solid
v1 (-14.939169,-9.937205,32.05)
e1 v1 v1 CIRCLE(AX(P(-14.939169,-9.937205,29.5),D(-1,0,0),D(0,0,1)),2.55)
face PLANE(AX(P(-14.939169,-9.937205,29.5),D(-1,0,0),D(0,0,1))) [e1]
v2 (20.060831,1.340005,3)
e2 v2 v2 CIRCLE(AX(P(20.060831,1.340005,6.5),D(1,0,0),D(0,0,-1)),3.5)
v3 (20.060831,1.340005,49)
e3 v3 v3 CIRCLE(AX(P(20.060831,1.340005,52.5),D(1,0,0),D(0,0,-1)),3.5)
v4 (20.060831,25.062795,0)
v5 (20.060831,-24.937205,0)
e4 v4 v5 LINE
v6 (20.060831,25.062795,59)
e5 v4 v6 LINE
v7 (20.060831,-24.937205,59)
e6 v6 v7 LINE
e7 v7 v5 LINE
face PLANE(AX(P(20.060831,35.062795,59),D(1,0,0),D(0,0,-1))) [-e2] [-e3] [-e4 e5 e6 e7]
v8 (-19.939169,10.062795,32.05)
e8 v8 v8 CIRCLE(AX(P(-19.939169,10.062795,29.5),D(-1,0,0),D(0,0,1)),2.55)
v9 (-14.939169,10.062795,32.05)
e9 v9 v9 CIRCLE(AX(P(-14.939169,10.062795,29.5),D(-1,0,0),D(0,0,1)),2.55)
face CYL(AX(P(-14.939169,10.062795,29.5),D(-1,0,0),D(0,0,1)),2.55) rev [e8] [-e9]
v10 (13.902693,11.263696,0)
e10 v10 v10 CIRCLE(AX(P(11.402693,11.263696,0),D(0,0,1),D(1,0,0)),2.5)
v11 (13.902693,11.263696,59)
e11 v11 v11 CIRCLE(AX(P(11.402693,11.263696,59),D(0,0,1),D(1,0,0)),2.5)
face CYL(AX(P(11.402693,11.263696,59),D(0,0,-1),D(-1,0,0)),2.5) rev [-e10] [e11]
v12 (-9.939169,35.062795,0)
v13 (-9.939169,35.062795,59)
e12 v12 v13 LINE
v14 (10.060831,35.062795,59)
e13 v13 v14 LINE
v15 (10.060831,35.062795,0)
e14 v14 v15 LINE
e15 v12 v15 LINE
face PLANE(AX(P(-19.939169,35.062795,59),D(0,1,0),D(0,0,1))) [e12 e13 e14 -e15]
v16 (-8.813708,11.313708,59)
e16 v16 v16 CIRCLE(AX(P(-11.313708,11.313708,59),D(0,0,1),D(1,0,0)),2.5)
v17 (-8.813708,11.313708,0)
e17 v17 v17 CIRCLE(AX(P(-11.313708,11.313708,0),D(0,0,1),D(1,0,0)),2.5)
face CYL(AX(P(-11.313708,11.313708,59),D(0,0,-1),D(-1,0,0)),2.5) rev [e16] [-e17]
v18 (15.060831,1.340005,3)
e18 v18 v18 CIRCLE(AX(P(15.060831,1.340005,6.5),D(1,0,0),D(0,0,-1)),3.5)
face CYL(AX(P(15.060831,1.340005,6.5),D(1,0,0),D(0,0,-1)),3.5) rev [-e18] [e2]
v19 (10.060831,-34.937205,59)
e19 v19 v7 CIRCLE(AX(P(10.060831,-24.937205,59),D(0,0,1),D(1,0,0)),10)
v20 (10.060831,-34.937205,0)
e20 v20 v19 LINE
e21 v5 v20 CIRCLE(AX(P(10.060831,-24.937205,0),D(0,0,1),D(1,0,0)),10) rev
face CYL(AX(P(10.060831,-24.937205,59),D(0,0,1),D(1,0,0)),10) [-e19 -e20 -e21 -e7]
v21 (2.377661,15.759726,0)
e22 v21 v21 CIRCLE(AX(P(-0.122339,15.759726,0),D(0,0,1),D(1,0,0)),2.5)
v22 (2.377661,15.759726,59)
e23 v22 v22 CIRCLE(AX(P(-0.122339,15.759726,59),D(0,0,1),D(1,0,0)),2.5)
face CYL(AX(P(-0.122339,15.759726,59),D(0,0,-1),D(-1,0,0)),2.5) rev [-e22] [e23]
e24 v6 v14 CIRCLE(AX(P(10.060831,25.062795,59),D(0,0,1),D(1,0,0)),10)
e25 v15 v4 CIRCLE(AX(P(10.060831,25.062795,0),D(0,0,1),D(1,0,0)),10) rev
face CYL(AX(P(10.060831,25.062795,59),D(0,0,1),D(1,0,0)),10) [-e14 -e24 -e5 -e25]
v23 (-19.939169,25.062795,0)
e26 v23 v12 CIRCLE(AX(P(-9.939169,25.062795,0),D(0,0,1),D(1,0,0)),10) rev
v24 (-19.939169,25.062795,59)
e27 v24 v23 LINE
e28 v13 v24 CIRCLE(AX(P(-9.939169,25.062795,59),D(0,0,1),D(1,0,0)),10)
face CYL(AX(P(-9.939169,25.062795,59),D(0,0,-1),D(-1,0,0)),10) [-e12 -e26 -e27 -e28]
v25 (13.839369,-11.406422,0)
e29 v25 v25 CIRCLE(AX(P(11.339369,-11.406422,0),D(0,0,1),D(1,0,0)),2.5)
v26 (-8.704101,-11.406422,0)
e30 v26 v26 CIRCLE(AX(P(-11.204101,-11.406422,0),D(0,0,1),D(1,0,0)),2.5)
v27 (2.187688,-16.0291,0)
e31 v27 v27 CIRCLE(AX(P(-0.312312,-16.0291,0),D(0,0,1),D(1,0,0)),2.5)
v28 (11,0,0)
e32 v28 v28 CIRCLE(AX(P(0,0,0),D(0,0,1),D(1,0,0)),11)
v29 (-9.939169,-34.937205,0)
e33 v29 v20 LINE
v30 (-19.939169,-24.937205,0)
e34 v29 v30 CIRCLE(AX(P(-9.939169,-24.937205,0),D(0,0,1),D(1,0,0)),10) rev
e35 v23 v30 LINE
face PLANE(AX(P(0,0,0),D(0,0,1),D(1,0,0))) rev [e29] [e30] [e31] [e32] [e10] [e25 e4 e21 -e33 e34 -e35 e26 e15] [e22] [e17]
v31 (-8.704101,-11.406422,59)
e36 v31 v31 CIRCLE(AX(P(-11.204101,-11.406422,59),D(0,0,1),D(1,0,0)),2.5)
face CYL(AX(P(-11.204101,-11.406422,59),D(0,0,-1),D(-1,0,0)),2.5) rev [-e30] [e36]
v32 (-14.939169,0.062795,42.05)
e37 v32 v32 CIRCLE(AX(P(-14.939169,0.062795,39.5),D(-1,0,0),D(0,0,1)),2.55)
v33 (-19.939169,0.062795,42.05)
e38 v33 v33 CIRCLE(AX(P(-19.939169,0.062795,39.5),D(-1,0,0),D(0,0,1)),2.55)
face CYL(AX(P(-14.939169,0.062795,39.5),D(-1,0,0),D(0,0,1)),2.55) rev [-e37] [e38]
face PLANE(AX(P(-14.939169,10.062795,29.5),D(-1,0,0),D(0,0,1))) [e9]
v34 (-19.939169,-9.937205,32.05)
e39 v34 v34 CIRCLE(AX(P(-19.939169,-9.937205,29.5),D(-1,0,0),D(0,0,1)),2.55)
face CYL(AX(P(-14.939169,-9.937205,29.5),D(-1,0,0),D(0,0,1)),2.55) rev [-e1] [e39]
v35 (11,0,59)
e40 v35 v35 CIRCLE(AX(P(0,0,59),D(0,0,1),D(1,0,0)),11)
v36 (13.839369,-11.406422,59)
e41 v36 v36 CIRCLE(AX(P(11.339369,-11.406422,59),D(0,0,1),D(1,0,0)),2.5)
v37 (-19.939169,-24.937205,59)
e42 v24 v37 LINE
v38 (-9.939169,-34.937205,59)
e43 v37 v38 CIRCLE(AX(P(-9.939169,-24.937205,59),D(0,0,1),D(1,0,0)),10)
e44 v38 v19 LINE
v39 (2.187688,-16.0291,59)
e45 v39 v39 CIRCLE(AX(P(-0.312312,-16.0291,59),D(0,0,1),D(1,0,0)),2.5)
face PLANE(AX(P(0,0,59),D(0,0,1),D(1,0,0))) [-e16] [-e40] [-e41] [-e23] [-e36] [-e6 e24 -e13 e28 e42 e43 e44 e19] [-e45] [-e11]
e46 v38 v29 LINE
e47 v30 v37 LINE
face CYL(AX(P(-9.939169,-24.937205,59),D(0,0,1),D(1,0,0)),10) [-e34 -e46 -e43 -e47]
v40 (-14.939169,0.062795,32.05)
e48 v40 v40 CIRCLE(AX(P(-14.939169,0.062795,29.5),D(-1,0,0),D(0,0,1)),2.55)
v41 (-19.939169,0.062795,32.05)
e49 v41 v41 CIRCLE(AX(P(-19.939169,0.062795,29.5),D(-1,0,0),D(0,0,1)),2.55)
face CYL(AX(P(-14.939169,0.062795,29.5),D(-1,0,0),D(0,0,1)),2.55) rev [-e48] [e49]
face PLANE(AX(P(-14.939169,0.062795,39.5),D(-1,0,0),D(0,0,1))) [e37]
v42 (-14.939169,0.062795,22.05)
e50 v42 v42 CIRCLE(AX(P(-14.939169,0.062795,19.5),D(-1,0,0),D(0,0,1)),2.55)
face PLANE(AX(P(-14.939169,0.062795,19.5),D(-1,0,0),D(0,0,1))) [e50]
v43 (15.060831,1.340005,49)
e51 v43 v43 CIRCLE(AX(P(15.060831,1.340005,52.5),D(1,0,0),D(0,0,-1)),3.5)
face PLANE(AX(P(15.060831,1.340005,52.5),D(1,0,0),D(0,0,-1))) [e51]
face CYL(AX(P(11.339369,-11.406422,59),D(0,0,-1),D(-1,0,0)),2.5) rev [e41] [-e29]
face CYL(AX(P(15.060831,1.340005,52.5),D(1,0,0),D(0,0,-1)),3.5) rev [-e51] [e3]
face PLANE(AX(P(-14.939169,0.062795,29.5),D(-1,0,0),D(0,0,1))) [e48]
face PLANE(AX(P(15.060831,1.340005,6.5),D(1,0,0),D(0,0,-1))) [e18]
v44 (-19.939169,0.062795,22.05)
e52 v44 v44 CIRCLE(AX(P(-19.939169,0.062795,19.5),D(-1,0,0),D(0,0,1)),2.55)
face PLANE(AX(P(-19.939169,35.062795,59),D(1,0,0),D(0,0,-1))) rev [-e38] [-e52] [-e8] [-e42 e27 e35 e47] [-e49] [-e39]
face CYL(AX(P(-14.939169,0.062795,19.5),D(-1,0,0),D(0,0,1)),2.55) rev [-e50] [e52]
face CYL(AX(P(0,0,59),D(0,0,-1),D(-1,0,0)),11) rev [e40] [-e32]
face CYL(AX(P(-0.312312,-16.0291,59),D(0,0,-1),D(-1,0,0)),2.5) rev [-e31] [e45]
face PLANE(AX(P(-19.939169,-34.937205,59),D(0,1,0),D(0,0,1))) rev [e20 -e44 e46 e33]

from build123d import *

# Parameters (mm, degrees)
SKETCH1_W           = 40
SKETCH1_H           = 70
BOSS_EXTRUDE1_DEPTH = 59
SKETCH2_R           = 11
SKETCH2_R_2         = 2.5
CUT_EXTRUDE1_DEPTH  = 72.504101247
SKETCH5_R           = 2.55
CUT_EXTRUDE3_DEPTH  = 5
FILLET1_R           = 10
FILLET2_R           = 10
FILLET3_R           = 10
FILLET4_R           = 10
CUT_EXTRUDE4_START  = 20.060831
SKETCH10_R          = 3.5
CUT_EXTRUDE4_DEPTH  = 5


with BuildPart() as part:
    # Sketch1 → Boss-Extrude1 (new body)
    with BuildSketch(Plane.XY):
        with Locations((0.060830656, 0.062794648)):
            Rectangle(SKETCH1_W, SKETCH1_H)
    extrude(amount=BOSS_EXTRUDE1_DEPTH)

    # Sketch2 → Cut-Extrude1 (cut, through all)
    with BuildSketch(Plane.XY):
        Circle(SKETCH2_R)
        with Locations((-11.313708499, 11.313708499)):
            Circle(SKETCH2_R_2)
        with Locations((-0.122338904, 15.759725587)):
            Circle(SKETCH2_R_2)
        with Locations((11.402693442, 11.263696484)):
            Circle(SKETCH2_R_2)
        with Locations((11.339369089, -11.406422087)):
            Circle(SKETCH2_R_2)
        with Locations((-0.312311964, -16.029099896)):
            Circle(SKETCH2_R_2)
        with Locations((-11.204100775, -11.406422087)):
            Circle(SKETCH2_R_2)
    extrude(amount=CUT_EXTRUDE1_DEPTH, mode=Mode.SUBTRACT)

    # Sketch5 → Cut-Extrude3 (cut)
    with BuildSketch(Plane.ZY.offset(19.939169344)):
        with Locations((29.5, 0.062794648)):
            Circle(SKETCH5_R)
        with Locations((39.5, 0.062794648)):
            Circle(SKETCH5_R)
        with Locations((19.5, 0.062794648)):
            Circle(SKETCH5_R)
        with Locations((29.5, 10.062794648)):
            Circle(SKETCH5_R)
        with Locations((29.5, -9.937205352)):
            Circle(SKETCH5_R)
    extrude(amount=-CUT_EXTRUDE3_DEPTH, mode=Mode.SUBTRACT)

    # Fillet1
    fillet1_edges = [part.edges().sort_by_distance(p)[0] for p in [
        (20.060830656, 35.062794648, 29.5),
    ]]
    fillet(fillet1_edges, radius=FILLET1_R)

    # Fillet2
    fillet2_edges = [part.edges().sort_by_distance(p)[0] for p in [
        (20.060830656, -34.937205352, 29.5),
    ]]
    fillet(fillet2_edges, radius=FILLET2_R)

    # Fillet3
    fillet3_edges = [part.edges().sort_by_distance(p)[0] for p in [
        (-19.939169344, -34.937205352, 29.5),
    ]]
    fillet(fillet3_edges, radius=FILLET3_R)

    # Fillet4
    fillet4_edges = [part.edges().sort_by_distance(p)[0] for p in [
        (-19.939169344, 35.062794648, 29.5),
    ]]
    fillet(fillet4_edges, radius=FILLET4_R)

    # Sketch10 → Cut-Extrude4 (cut)
    with BuildSketch(Plane(origin=(0, 0, 0), x_dir=(0, 0, -1), z_dir=(1, 0, 0)).offset(CUT_EXTRUDE4_START)):
        with Locations((-52.5, 1.34000523)):
            Circle(SKETCH10_R)
        with Locations((-6.5, 1.34000523)):
            Circle(SKETCH10_R)
    extrude(amount=-CUT_EXTRUDE4_DEPTH, mode=Mode.SUBTRACT)


solid = part.part
